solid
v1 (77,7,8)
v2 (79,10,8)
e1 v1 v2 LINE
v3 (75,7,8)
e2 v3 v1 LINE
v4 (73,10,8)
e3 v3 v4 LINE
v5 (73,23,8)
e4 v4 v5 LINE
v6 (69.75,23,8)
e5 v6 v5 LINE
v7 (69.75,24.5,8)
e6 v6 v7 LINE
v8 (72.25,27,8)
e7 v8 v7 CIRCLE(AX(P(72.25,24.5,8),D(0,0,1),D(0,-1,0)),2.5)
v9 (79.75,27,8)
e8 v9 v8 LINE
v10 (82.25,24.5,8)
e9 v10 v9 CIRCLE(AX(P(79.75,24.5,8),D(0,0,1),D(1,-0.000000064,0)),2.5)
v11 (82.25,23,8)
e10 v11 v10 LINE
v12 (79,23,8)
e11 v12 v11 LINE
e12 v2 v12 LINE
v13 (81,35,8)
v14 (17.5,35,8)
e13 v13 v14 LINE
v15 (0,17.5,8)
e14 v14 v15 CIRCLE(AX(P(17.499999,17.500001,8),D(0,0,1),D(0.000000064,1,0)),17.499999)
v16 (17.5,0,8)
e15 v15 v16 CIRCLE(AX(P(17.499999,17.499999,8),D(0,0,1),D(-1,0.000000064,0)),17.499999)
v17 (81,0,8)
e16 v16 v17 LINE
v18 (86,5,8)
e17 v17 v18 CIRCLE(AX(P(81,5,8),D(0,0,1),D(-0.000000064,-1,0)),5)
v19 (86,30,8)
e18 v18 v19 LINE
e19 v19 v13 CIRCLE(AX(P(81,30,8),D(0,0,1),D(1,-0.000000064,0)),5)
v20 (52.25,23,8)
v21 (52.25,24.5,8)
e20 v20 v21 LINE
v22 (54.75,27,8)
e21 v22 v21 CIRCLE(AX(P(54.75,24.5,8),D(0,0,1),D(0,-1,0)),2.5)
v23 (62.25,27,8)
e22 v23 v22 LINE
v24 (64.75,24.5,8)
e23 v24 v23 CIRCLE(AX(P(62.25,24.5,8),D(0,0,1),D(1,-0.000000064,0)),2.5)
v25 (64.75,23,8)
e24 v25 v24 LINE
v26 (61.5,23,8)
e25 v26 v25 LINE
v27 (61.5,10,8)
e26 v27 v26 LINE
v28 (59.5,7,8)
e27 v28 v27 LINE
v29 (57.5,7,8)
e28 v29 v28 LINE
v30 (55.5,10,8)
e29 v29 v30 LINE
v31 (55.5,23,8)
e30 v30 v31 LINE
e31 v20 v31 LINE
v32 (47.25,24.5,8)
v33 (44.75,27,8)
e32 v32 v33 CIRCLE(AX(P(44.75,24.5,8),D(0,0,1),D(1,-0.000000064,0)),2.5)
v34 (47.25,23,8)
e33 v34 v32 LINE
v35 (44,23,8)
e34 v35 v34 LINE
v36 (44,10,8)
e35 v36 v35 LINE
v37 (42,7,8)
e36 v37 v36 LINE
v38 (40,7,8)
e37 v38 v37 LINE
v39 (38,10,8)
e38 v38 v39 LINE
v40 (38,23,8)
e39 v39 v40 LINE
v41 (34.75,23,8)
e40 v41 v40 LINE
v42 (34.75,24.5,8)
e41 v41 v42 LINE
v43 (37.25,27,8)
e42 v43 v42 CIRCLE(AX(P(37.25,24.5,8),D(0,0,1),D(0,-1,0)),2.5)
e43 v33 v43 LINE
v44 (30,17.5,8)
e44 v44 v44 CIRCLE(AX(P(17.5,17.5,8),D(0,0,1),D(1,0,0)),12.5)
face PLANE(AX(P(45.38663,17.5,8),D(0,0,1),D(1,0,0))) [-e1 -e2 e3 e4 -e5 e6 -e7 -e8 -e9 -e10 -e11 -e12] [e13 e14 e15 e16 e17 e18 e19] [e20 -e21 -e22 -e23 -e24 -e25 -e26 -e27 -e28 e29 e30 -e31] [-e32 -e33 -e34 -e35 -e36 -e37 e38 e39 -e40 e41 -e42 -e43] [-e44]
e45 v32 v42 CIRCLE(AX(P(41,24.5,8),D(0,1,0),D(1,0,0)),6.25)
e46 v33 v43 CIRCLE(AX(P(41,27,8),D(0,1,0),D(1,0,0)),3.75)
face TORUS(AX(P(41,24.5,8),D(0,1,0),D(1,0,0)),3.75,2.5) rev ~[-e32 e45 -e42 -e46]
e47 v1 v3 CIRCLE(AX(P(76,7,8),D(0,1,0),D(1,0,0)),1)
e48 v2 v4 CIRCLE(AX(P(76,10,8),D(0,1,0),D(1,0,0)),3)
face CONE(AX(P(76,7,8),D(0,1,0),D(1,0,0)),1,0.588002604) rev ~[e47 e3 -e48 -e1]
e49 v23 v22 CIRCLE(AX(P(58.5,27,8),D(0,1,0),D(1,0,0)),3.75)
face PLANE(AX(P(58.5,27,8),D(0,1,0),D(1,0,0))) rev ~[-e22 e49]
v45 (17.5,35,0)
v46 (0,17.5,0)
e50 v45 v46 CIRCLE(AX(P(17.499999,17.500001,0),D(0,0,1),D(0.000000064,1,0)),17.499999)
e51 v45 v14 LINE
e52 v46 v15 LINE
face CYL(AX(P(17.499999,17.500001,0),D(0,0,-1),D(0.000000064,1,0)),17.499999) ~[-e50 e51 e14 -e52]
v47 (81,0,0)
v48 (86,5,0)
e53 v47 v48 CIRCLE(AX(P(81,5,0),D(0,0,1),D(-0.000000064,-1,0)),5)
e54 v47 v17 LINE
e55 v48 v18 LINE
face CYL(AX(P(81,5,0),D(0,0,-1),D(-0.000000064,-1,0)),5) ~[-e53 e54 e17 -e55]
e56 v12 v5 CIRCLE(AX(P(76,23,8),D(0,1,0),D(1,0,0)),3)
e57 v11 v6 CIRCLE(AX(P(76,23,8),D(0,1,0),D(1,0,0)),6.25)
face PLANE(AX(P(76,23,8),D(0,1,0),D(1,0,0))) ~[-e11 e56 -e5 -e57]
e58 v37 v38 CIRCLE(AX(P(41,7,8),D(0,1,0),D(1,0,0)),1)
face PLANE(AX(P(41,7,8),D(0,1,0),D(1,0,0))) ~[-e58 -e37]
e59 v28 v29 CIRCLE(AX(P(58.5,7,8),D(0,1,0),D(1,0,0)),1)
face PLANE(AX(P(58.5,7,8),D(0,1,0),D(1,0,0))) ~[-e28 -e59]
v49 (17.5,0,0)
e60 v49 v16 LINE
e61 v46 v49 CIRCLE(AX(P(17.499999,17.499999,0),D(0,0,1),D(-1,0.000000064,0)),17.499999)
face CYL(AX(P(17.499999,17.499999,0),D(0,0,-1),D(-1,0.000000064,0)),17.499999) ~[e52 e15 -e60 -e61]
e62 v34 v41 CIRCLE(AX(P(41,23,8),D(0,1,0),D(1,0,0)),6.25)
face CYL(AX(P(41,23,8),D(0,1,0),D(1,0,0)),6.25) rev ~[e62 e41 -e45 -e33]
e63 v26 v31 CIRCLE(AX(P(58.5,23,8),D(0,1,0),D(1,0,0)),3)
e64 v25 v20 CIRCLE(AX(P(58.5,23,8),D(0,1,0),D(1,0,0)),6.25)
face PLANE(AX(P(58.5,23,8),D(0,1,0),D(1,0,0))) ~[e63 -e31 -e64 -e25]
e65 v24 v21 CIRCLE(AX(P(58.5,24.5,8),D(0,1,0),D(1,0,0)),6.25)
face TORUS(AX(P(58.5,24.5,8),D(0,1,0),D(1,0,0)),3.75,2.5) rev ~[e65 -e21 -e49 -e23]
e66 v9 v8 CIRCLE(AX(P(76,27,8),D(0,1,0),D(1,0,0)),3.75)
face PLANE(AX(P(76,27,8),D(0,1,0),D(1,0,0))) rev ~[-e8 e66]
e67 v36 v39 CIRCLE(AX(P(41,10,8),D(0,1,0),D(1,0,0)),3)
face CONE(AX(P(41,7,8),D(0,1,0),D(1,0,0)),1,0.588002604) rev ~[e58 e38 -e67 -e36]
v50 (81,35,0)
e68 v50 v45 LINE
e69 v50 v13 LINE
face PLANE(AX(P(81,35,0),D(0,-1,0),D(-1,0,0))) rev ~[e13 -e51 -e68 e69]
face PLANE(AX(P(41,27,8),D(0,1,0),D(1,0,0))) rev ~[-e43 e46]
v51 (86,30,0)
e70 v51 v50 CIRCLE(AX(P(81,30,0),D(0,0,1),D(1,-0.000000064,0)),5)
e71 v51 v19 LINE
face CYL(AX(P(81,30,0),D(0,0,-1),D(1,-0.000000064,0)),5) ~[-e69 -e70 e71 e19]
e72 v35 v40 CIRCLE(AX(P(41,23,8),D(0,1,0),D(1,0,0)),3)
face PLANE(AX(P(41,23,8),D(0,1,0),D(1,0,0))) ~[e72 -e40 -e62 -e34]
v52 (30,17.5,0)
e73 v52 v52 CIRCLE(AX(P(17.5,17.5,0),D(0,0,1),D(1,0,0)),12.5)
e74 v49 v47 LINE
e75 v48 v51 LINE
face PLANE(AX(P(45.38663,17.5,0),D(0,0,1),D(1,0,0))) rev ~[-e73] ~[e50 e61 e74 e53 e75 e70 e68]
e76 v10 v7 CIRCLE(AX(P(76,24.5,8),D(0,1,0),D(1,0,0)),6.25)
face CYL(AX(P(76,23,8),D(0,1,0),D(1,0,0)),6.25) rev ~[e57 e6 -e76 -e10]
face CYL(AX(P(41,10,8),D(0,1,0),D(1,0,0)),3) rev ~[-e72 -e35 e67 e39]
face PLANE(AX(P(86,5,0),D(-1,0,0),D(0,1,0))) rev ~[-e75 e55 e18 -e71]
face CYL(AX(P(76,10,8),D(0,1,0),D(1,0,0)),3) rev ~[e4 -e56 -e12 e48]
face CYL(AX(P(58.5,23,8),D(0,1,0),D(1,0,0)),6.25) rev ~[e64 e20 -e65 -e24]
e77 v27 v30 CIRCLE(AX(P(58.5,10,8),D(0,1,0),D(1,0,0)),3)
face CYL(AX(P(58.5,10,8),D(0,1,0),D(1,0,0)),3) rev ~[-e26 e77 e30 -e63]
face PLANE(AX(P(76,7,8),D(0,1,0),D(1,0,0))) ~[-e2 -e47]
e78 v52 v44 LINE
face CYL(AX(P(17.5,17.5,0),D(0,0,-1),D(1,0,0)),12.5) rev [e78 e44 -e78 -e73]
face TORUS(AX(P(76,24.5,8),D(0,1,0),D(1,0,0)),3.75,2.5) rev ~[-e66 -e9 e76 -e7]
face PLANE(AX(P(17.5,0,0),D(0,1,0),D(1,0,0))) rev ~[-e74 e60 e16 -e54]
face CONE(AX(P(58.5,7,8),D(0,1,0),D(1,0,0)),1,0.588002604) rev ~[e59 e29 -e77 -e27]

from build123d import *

# Parameters (mm, degrees)
F0_R     = 12.5
F1_DEPTH = 8


with BuildPart() as f1:
    # F0 (on Top) → F1 (new body)
    with BuildSketch(Plane.XY):
        with BuildLine():
            ThreePointArc((0, 17.5), (5.125631, 5.125631), (17.5, 0))
            Line((17.5, 0), (81, 0))
            ThreePointArc((81, 0), (84.535534, 1.464466), (86, 5))
            Line((86, 5), (86, 30))
            ThreePointArc((86, 30), (84.535534, 33.535534), (81, 35))
            Line((81, 35), (17.5, 35))
            ThreePointArc((17.5, 35), (5.125631, 29.874369), (0, 17.5))
        make_face()
        with Locations((17.5, 17.5)):
            Circle(F0_R, mode=Mode.SUBTRACT)
    extrude(amount=F1_DEPTH)

    # F2 (on face) → F3 (revolve, cut)
    with BuildSketch(Plane.XY.offset(8)):
        with BuildLine():
            Line((41, 23), (41, 7))
            Line((41, 7), (42, 7))
            Line((42, 7), (44, 10))
            Line((44, 10), (44, 23))
            Line((44, 23), (47.25, 23))
            Line((47.25, 23), (47.25, 24.5))
            ThreePointArc((47.25, 24.5), (46.517767, 26.267767), (44.75, 27))
            Line((44.75, 27), (41, 27))
            Line((41, 27), (41, 23))
        make_face()
    revolve(axis=Axis((41, 15, 8), (0, 1, 0)), mode=Mode.SUBTRACT)

    # F2 (on face) → F4 (revolve, cut)
    with BuildSketch(Plane.XY.offset(8)):
        with BuildLine():
            Line((58.5, 23), (58.5, 7))
            Line((58.5, 7), (59.5, 7))
            Line((59.5, 7), (61.5, 10))
            Line((61.5, 10), (61.5, 23))
            Line((61.5, 23), (64.75, 23))
            Line((64.75, 23), (64.75, 24.5))
            ThreePointArc((64.75, 24.5), (64.017767, 26.267767), (62.25, 27))
            Line((62.25, 27), (58.5, 27))
            Line((58.5, 27), (58.5, 23))
        make_face()
    revolve(axis=Axis((58.5, 15, 8), (0, 1, 0)), mode=Mode.SUBTRACT)

    # F2 (on face) → F5 (revolve, cut)
    with BuildSketch(Plane.XY.offset(8)):
        with BuildLine():
            Line((76, 23), (76, 7))
            Line((76, 7), (77, 7))
            Line((77, 7), (79, 10))
            Line((79, 10), (79, 23))
            Line((79, 23), (82.25, 23))
            Line((82.25, 23), (82.25, 24.5))
            ThreePointArc((82.25, 24.5), (81.517767, 26.267767), (79.75, 27))
            Line((79.75, 27), (76, 27))
            Line((76, 27), (76, 23))
        make_face()
    revolve(axis=Axis((76, 15, 8), (0, 1, 0)), mode=Mode.SUBTRACT)


solid = f1.part
